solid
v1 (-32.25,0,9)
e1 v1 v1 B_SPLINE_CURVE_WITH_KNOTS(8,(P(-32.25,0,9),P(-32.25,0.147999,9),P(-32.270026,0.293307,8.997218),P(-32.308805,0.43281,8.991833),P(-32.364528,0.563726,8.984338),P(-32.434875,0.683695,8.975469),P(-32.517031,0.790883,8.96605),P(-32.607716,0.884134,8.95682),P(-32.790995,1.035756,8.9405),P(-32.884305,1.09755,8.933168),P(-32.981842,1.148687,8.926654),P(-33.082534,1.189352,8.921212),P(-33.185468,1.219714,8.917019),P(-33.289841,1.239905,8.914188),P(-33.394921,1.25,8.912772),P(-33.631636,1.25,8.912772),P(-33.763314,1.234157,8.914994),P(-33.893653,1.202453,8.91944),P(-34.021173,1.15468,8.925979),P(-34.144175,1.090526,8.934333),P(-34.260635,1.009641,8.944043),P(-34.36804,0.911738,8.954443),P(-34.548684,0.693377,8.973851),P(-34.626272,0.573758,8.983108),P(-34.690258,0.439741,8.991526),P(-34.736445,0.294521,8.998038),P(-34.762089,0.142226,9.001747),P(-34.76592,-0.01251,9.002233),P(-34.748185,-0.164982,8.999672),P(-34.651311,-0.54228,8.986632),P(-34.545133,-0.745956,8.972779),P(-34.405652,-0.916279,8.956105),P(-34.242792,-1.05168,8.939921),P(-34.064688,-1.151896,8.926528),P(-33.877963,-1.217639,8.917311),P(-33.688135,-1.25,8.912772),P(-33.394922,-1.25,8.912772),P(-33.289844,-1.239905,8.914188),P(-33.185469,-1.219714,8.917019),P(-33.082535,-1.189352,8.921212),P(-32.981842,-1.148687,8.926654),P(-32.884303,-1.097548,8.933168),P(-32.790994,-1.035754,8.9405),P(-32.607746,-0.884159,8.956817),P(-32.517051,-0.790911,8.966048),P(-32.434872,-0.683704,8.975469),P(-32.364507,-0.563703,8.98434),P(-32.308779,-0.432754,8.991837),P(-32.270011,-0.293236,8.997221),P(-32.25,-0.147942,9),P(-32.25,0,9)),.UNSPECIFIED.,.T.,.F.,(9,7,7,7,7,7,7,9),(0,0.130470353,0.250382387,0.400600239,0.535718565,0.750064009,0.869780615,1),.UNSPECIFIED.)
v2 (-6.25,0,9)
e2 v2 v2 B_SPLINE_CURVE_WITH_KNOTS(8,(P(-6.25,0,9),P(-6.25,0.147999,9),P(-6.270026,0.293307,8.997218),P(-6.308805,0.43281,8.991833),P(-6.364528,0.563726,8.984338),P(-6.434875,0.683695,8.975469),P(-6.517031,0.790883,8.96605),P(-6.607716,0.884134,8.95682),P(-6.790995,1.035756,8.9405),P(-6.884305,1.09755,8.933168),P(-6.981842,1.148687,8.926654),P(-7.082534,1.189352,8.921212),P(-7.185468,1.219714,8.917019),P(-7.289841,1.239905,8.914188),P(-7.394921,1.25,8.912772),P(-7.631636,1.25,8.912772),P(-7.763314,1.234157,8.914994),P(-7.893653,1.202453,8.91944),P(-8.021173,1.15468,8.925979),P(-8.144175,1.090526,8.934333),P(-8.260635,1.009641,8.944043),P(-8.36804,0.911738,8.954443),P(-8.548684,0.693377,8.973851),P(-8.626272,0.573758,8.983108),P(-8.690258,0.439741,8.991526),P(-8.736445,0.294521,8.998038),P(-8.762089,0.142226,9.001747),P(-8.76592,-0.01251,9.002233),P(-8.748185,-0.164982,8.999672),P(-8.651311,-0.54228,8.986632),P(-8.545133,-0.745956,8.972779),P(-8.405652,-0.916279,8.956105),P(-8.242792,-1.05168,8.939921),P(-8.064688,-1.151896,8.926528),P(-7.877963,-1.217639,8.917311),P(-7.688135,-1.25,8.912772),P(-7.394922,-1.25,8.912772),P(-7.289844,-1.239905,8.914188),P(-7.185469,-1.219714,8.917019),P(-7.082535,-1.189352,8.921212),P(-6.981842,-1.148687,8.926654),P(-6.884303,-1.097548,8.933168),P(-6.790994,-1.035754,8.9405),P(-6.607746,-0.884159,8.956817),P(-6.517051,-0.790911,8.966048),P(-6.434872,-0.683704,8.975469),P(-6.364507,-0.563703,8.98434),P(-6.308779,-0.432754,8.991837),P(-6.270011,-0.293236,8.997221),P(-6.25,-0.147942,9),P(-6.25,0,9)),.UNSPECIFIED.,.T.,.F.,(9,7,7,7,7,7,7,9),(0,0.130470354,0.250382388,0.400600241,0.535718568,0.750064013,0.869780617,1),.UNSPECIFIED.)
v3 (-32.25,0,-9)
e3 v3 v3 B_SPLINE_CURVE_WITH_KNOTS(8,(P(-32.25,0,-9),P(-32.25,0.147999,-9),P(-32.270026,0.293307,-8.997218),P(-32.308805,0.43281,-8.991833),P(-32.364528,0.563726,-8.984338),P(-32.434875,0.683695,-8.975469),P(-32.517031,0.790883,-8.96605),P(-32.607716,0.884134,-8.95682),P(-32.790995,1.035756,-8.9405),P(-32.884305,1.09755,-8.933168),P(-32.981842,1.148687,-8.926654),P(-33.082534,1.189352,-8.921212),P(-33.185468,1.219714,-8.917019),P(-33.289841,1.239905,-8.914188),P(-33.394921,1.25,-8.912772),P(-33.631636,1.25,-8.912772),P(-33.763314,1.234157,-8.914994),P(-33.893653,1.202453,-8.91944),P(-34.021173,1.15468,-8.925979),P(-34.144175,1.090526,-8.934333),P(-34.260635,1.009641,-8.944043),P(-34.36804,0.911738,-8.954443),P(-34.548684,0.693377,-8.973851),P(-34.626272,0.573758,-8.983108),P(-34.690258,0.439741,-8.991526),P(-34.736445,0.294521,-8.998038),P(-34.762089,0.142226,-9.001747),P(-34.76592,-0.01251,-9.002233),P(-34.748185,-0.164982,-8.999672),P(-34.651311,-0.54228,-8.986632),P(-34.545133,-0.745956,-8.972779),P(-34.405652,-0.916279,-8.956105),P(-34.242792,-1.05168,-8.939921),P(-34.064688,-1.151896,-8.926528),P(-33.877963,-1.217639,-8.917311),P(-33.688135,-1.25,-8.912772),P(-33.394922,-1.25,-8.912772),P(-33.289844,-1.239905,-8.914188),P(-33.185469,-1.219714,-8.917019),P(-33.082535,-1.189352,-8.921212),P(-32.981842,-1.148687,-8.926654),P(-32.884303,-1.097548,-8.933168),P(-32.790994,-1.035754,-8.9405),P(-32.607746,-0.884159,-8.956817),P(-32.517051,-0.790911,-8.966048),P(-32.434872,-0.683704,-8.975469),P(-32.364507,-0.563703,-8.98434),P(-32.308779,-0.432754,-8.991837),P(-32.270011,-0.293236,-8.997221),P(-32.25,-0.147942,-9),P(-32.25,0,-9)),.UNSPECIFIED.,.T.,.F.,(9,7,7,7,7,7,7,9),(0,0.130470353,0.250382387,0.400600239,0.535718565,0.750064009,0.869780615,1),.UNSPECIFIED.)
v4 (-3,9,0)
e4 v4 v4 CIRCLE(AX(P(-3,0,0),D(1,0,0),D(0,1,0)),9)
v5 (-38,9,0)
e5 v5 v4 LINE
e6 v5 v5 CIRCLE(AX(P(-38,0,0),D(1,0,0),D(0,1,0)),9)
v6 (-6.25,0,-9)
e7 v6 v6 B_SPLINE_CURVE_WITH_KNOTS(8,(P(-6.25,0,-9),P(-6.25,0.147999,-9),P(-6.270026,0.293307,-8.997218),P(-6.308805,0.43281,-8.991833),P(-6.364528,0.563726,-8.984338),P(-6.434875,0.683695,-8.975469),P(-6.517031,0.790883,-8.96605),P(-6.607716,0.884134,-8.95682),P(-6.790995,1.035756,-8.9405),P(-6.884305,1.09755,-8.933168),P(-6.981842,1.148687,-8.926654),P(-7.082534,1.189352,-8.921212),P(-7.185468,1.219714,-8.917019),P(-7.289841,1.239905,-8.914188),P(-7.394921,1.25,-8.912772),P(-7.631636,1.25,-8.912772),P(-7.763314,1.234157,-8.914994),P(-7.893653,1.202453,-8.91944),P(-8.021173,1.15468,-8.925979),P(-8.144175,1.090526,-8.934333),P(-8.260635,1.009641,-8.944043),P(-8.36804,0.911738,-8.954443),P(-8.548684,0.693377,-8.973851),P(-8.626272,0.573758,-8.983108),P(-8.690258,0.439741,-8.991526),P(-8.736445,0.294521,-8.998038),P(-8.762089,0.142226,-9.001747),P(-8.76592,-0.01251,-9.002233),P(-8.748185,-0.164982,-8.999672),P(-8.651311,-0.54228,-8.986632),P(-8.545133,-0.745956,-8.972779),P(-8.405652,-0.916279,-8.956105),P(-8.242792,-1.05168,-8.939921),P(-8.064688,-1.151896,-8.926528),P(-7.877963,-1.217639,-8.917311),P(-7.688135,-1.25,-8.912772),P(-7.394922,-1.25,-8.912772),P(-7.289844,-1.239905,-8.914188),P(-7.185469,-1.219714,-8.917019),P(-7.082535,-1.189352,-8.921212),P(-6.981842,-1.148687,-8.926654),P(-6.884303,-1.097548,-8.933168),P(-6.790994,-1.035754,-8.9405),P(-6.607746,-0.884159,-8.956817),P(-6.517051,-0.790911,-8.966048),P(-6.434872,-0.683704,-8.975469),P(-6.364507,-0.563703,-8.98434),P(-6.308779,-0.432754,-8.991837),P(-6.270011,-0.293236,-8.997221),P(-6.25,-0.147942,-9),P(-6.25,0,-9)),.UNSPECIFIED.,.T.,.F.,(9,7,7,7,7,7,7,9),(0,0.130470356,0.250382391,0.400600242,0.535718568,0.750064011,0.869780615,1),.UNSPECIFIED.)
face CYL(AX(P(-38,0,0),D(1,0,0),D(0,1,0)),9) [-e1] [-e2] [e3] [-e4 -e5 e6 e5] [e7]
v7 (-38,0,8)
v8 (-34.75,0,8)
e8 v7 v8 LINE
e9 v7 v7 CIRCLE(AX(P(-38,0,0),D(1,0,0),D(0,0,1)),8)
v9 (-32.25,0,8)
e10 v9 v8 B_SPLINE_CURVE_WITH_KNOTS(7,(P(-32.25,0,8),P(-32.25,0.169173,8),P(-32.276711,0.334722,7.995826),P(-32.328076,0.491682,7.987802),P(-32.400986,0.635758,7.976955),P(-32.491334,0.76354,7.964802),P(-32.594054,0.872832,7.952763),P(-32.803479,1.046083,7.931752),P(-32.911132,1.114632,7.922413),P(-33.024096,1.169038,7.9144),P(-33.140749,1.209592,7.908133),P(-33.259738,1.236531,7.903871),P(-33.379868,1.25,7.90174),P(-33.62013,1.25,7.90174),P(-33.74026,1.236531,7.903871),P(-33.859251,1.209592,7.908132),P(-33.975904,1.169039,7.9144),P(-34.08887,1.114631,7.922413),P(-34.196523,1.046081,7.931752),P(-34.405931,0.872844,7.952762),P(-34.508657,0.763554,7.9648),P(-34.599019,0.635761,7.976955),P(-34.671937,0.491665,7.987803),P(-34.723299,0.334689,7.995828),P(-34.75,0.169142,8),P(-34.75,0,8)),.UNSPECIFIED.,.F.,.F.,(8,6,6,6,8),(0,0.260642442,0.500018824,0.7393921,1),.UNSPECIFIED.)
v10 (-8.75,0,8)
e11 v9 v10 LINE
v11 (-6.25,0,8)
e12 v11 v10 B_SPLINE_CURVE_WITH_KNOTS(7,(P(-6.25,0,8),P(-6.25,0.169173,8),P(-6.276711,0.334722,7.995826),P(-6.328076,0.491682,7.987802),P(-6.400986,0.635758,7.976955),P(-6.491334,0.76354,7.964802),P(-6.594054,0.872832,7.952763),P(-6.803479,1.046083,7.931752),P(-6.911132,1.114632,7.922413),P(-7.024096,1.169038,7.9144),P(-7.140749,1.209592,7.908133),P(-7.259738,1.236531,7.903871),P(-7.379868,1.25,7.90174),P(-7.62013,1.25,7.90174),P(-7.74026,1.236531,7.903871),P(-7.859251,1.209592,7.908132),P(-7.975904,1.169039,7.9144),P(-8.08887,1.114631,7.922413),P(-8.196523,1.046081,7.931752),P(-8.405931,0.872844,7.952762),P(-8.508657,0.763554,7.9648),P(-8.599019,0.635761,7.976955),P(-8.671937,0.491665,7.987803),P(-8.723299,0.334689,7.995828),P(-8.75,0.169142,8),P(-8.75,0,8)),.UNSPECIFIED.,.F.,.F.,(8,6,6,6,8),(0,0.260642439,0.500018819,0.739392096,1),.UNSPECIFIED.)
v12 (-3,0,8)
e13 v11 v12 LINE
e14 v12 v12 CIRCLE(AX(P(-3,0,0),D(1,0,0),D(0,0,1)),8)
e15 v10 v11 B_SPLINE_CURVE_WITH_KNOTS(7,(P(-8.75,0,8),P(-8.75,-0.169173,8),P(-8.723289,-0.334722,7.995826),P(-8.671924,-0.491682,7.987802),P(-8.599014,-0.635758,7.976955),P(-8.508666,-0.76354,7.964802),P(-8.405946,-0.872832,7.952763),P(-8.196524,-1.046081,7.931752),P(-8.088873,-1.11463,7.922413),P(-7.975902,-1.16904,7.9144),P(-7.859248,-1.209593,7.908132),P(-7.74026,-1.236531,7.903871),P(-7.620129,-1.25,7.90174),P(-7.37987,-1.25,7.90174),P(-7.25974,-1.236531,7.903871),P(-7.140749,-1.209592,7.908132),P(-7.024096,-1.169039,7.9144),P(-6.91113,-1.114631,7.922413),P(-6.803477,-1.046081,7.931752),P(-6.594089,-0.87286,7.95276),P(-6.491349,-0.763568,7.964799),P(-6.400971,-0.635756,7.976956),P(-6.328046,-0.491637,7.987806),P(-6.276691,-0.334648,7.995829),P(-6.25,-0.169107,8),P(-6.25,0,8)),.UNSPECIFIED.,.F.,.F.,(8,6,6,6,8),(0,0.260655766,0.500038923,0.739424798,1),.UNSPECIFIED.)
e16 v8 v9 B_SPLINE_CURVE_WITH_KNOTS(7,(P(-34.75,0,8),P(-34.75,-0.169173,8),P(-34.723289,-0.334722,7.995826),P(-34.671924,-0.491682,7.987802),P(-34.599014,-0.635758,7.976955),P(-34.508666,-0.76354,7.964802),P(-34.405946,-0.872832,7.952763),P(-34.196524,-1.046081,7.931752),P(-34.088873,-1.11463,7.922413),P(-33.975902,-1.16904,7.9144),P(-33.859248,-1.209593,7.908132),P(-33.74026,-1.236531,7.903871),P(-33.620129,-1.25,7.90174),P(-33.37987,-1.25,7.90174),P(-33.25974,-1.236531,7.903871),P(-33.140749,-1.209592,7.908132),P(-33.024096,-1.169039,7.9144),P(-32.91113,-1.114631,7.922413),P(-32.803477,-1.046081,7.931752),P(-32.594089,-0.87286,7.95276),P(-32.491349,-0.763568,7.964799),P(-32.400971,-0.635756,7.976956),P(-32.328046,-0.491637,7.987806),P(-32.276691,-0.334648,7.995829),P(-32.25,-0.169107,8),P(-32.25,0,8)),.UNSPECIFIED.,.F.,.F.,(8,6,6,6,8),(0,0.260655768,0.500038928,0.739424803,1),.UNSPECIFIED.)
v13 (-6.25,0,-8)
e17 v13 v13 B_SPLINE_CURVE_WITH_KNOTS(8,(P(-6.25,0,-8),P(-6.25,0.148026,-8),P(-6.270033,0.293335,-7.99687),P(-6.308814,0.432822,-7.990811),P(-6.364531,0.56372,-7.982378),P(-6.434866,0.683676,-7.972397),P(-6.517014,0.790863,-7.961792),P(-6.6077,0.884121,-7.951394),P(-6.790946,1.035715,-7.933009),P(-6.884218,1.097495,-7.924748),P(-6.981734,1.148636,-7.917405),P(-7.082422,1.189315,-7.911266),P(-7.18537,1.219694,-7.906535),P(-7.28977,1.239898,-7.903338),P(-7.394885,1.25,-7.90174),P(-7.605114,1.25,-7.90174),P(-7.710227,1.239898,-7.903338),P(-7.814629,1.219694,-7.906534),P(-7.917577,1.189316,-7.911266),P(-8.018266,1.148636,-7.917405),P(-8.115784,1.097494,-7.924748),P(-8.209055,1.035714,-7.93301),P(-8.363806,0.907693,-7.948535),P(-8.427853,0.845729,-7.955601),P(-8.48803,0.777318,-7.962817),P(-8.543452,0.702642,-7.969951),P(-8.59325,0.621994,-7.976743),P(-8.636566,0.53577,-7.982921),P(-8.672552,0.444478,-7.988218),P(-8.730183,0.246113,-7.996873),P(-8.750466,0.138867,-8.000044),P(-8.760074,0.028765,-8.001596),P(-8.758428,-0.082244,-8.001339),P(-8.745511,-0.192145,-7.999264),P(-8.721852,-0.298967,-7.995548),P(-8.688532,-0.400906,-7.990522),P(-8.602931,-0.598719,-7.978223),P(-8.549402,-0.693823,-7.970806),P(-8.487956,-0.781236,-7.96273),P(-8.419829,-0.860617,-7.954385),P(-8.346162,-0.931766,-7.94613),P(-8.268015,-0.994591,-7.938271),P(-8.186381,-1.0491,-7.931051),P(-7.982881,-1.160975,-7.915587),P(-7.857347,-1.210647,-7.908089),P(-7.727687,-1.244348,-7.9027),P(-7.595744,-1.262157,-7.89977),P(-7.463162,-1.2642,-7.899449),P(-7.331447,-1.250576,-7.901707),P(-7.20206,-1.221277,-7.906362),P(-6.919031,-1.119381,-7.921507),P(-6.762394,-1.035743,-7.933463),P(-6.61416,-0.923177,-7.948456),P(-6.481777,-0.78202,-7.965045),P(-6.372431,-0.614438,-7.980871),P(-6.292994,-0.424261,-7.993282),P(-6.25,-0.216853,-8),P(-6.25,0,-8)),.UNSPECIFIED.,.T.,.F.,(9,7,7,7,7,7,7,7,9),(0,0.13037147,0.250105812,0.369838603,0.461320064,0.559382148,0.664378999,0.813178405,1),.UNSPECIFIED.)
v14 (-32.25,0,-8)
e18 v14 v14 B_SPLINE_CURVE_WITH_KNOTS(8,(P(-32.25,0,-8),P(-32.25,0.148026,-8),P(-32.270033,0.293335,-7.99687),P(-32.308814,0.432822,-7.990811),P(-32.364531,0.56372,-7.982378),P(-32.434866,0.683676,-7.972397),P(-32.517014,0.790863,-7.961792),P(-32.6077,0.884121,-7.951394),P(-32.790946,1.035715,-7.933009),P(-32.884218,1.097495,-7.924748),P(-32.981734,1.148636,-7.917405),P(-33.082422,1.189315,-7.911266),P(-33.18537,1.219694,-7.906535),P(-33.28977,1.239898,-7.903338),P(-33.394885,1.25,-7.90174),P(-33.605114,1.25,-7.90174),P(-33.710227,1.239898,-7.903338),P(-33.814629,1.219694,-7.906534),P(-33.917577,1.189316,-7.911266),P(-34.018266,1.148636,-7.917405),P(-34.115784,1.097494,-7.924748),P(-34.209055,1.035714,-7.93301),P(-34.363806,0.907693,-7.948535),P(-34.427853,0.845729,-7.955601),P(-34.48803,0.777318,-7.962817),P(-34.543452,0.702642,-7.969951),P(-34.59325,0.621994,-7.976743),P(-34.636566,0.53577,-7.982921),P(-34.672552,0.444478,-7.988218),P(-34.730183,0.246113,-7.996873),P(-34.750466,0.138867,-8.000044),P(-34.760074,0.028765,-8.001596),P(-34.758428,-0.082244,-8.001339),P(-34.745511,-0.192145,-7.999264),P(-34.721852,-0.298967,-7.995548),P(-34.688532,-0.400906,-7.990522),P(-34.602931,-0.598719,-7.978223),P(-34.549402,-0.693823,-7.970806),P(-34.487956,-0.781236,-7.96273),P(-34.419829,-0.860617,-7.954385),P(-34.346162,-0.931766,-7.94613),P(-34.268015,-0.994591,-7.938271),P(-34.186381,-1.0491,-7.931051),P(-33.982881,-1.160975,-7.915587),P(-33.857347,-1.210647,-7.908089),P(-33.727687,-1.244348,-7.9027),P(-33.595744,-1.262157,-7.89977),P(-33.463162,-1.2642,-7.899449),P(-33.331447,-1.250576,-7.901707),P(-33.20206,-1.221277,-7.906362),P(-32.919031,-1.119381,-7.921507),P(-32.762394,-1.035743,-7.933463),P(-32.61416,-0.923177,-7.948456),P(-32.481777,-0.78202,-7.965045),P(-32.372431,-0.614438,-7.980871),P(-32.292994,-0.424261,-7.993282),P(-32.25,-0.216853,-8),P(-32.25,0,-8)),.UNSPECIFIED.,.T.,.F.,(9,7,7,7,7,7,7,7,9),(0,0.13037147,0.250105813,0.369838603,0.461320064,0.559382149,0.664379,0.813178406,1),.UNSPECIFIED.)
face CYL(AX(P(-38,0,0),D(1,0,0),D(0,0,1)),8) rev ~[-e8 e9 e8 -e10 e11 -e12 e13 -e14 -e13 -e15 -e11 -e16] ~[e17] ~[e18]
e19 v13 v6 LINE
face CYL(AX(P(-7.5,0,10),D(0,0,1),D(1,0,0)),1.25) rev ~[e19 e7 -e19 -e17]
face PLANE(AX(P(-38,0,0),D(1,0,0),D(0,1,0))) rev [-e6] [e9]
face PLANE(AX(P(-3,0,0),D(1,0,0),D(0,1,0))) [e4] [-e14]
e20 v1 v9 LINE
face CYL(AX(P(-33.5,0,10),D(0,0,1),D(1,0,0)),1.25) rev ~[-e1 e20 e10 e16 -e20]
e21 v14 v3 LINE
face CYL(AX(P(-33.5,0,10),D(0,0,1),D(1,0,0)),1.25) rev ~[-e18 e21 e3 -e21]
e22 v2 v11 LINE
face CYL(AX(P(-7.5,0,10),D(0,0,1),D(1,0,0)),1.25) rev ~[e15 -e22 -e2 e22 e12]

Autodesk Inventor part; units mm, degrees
ref_plane "YZ Plane" through (0, 0, 0) normal (1, 0, 0) x (0, 1, 0)
ref_plane "XZ Plane" through (0, 0, 0) normal (0, 1, 0) x (-1, 0, 0)
sketch "ShaftProfile" plane through (0, 0, 0) normal (0, 0, 1) x (1, 0, 0)
  line L0 (-45.6, 0) -> (7.6, 0) construction
  line L1 (-38, 9) -> (-3, 9)
  line L2 (-3, 9) -> (-3, 0)
  line L3 (-38, 0) -> (-38, 9)
  line L4 (-38, 0) -> (-3, 0)
  point P0 (0, 0)
  dimension "d1" = 35
  dimension "d2" = 9
  dimension "d4" = 38
revolve "ShaftFeature" add sketch "ShaftProfile" angle 360 about axis through (-38, 0, 0) along (1, 0, 0)
sketch "Sketch2" plane through (-38, 0, 0) normal (-1, 0, 0) x (0, 0, 1)
  circle A0 centre (0, 0) radius 9 projected
hole "ShaftHoleFeature" at (-38, 0, 0) direction (1, 0, 0) diameter 16 end through all
ref_plane "MidSidePlane" through (0, 0, 10) normal (0, 0, 1) x (1, 0, 0)
sketch "CapHoles" plane through (0, 0, 10) normal (0, 0, 1) x (1, 0, 0)
  line L0 (-3, -9) -> (-3, 9) construction
  line L1 (-38, -9) -> (-38, 9) construction
  line L2 (-48, 0) -> (22, 0) construction
  circle A0 centre (-33.5, 0) radius 1.25
  circle A1 centre (-7.5, 0) radius 1.25
  dimension "d24" = 2.5
  dimension "d25" = 4.5
  dimension "d26" = 4.5
extrude "CapHolesFeature" cut sketch "CapHoles" against normal through all
equation "\"d26\" = d25"
properties part number "BackPair1PistonShaft"
